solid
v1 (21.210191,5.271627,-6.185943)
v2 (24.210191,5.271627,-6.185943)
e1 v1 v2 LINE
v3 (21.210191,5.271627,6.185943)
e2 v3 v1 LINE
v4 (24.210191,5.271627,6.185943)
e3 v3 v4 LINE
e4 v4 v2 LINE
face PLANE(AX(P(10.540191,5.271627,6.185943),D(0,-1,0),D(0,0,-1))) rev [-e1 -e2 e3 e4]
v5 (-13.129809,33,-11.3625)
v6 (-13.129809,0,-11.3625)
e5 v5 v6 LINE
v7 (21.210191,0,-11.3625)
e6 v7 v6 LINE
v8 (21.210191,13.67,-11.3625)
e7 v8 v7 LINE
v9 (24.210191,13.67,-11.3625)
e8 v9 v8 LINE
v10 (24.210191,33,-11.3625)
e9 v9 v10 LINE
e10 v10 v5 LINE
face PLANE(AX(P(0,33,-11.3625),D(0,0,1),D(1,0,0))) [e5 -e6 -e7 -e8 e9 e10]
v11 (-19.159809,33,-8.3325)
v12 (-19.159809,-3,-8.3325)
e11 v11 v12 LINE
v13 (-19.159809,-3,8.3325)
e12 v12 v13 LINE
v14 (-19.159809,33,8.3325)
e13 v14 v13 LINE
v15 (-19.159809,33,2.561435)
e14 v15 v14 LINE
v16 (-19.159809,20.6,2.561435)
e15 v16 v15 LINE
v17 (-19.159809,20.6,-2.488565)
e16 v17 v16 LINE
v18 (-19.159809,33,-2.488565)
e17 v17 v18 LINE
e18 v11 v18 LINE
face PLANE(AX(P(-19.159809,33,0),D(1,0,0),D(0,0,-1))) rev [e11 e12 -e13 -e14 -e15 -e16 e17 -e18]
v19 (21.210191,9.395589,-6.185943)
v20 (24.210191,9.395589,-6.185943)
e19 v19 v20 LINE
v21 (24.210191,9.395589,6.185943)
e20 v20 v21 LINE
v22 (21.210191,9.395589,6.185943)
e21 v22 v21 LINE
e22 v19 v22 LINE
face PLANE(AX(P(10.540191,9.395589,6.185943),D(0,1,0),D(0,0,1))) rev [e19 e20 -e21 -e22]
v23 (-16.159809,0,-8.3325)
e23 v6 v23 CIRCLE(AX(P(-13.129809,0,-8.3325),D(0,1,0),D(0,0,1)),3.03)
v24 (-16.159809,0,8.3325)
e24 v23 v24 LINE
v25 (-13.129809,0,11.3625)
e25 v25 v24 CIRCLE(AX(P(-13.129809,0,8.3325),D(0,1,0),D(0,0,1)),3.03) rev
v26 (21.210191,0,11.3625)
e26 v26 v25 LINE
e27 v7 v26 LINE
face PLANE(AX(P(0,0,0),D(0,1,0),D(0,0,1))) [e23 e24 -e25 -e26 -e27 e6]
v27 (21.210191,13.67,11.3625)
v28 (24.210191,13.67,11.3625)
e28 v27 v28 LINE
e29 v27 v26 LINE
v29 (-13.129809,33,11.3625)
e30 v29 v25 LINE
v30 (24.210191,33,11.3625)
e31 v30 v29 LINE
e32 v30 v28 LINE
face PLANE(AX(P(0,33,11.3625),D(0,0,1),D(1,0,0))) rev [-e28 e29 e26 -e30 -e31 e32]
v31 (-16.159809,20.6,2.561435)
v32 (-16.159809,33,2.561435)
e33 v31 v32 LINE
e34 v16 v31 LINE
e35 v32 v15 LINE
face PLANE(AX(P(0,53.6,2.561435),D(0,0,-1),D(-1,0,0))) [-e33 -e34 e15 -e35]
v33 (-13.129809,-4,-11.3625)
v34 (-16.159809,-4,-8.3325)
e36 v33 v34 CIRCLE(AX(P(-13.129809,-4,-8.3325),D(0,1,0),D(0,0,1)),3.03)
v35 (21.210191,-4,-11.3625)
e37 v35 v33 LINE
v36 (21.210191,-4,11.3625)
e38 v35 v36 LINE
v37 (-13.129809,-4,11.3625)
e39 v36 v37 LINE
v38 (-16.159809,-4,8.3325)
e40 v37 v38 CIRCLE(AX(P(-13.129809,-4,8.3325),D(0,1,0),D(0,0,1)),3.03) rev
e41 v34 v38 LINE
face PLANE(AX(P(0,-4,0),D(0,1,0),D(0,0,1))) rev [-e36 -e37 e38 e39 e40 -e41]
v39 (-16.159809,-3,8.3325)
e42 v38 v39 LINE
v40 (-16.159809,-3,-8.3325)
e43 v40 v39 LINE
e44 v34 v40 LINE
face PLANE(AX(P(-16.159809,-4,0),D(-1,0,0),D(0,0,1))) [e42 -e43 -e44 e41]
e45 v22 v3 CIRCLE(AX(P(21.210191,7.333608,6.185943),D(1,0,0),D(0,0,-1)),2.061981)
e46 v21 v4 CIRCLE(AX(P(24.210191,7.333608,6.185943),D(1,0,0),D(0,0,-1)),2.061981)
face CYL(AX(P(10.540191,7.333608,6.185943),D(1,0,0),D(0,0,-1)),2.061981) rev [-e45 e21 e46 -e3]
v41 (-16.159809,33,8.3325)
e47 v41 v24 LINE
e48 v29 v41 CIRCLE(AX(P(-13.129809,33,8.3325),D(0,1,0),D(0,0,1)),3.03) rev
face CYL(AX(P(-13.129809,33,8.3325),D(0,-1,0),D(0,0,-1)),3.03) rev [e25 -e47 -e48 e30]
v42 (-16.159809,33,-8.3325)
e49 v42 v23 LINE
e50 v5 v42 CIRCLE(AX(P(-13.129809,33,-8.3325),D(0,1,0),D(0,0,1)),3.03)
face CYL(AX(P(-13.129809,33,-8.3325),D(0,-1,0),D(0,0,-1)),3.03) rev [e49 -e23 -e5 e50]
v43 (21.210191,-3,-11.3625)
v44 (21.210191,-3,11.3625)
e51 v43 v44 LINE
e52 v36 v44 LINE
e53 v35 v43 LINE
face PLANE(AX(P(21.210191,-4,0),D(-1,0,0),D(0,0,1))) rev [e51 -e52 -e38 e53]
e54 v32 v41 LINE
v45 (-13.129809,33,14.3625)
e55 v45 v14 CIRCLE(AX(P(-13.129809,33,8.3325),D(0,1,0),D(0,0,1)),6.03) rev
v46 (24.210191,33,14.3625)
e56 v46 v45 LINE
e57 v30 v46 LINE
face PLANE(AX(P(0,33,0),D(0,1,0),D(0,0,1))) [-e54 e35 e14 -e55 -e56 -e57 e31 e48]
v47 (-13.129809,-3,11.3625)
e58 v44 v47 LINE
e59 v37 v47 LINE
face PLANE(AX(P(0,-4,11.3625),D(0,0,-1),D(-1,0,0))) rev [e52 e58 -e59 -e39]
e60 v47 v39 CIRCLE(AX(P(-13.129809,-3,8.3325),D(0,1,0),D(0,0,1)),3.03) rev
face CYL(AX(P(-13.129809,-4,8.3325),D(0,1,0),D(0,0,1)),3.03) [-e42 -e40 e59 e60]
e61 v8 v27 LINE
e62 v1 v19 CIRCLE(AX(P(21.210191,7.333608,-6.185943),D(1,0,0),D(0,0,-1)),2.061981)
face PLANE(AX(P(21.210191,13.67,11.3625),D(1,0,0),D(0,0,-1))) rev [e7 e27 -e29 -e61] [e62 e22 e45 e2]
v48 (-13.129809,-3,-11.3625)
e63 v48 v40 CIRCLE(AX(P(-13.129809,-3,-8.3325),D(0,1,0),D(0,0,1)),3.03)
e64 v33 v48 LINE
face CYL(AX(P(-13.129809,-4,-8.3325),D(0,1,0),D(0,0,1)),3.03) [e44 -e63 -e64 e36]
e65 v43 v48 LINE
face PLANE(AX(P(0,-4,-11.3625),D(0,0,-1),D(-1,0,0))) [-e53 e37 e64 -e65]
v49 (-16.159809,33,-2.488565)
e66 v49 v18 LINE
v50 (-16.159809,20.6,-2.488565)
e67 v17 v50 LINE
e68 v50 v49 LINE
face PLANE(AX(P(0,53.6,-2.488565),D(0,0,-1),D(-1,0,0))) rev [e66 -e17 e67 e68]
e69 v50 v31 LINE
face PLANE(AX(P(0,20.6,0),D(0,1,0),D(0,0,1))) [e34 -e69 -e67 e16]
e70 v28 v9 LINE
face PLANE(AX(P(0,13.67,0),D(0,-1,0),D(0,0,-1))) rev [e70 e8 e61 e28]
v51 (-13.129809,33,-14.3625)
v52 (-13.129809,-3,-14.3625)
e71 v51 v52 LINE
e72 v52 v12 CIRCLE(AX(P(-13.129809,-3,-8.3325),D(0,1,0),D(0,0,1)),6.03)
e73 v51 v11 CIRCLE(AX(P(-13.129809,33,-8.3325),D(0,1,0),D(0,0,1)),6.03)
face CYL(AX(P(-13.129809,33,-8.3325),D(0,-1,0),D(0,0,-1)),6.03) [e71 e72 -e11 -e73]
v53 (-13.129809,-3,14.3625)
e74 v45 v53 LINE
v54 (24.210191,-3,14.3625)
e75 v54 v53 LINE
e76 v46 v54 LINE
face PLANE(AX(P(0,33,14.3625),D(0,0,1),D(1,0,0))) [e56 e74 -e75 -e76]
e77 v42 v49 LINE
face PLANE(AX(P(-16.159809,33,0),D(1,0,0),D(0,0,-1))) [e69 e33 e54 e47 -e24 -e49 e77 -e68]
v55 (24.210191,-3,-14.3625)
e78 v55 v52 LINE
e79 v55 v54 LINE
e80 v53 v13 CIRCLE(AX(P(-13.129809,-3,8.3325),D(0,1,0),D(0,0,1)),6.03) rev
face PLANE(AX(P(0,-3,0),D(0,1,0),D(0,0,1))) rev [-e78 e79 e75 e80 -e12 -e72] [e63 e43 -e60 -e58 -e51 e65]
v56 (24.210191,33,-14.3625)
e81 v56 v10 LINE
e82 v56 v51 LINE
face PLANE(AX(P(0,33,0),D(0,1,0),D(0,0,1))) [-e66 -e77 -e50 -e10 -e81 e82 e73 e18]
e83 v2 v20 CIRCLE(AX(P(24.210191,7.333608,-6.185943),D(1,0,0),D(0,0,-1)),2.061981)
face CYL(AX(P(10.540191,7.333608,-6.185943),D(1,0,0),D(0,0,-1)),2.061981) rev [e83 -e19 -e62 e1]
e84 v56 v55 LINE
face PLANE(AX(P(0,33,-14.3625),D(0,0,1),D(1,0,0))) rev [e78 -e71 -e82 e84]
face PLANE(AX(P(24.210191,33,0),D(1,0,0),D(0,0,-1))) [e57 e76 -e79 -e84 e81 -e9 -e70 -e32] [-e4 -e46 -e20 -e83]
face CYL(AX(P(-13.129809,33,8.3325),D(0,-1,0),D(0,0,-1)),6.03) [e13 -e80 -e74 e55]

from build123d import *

# Parameters (mm, degrees)
BOSS_EXTRUDE1_DEPTH = 33
SHELL2_T            = 3
SKETCH5_W           = 22.725
SKETCH5_H           = 33
CUT_EXTRUDE1_DEPTH  = 33
CUT_EXTRUDE3_START  = 20.6
SKETCH2_4_W         = 5.050381124
SKETCH2_4_H         = 5.05
CUT_EXTRUDE3_DEPTH  = 33
BOSS_EXTRUDE2_START = -4
BOSS_EXTRUDE2_DEPTH = 4
SKETCH6_W           = 3
SKETCH6_H           = 22.725
BOSS_EXTRUDE3_DEPTH = 13.67
CUT_EXTRUDE5_DEPTH  = 13.67


with BuildPart() as part:
    # Sketch2 → Boss-Extrude1 (new body)
    with BuildSketch(Plane(origin=(0, 0, 0), x_dir=(1, 0, 0), z_dir=(0, 1, 0))):
        with BuildLine():
            Line((-16.159809438, 2.488564903), (-16.159809438, -2.561435097))
            Line((-16.159809438, -2.561435097), (-16.159809438, -8.3325))
            ThreePointArc((-16.159809438, -8.3325), (-15.272342985, -10.475033547), (-13.129809438, -11.3625))
            Line((-13.129809438, -11.3625), (21.210190562, -11.3625))
            Line((21.210190562, -11.3625), (21.210190562, 11.3625))
            Line((21.210190562, 11.3625), (-13.129809438, 11.3625))
            ThreePointArc((-13.129809438, 11.3625), (-15.272342985, 10.475033547), (-16.159809438, 8.3325))
            Line((-16.159809438, 8.3325), (-16.159809438, 2.488564903))
        make_face()
    extrude(amount=BOSS_EXTRUDE1_DEPTH)

    # Shell2
    shell2_openings = [part.faces().sort_by_distance(p)[0] for p in [
        (2.609138826, 33, 0),
    ]]
    offset(amount=SHELL2_T, openings=shell2_openings, kind=Kind.INTERSECTION)

    # Sketch5 → Cut-Extrude1 (cut)
    with BuildSketch(Plane.ZY.offset(-21.210190562)):
        with Locations((0, 16.5)):
            Rectangle(SKETCH5_W, SKETCH5_H)
    extrude(amount=-CUT_EXTRUDE1_DEPTH, mode=Mode.SUBTRACT)

    # Sketch2<4> → Cut-Extrude3 (cut)
    with BuildSketch(Plane(origin=(0, 0, 0), x_dir=(1, 0, 0), z_dir=(0, 1, 0)).offset(CUT_EXTRUDE3_START)):
        with Locations((-18.685, -0.036435097)):
            Rectangle(SKETCH2_4_W, SKETCH2_4_H)
    extrude(amount=CUT_EXTRUDE3_DEPTH, mode=Mode.SUBTRACT)

    # Sketch2<6> → Boss-Extrude2 (add)
    with BuildSketch(Plane(origin=(0, 0, 0), x_dir=(1, 0, 0), z_dir=(0, 1, 0)).offset(BOSS_EXTRUDE2_START)):
        with BuildLine():
            Line((-16.159809438, 2.488564903), (-16.159809438, -2.561435097))
            Line((-16.159809438, -2.561435097), (-16.159809438, -8.3325))
            ThreePointArc((-16.159809438, -8.3325), (-15.272342985, -10.475033547), (-13.129809438, -11.3625))
            Line((-13.129809438, -11.3625), (21.210190562, -11.3625))
            Line((21.210190562, -11.3625), (21.210190562, 11.3625))
            Line((21.210190562, 11.3625), (-13.129809438, 11.3625))
            ThreePointArc((-13.129809438, 11.3625), (-15.272342985, 10.475033547), (-16.159809438, 8.3325))
            Line((-16.159809438, 8.3325), (-16.159809438, 2.488564903))
        make_face()
    extrude(amount=BOSS_EXTRUDE2_DEPTH)

    # Sketch6 → Boss-Extrude3 (add)
    with BuildSketch(Plane(origin=(0, 0, 0), x_dir=(1, 0, 0), z_dir=(0, 1, 0))):
        with Locations((22.710190562, 0)):
            Rectangle(SKETCH6_W, SKETCH6_H)
    extrude(amount=BOSS_EXTRUDE3_DEPTH)

    # Sketch7 → Cut-Extrude5 (cut)
    with BuildSketch(Plane(origin=(24.210190562, 0, 0), x_dir=(0, 0, -1), z_dir=(1, 0, 0))):
        with BuildLine():
            Line((-6.185942712, 9.395589147), (6.185942712, 9.395589147))
            ThreePointArc((6.185942712, 9.395589147), (8.247923616, 7.333608243), (6.185942712, 5.271627338))
            Line((6.185942712, 5.271627338), (-6.185942712, 5.271627338))
            ThreePointArc((-6.185942712, 5.271627338), (-8.247923616, 7.333608243), (-6.185942712, 9.395589147))
        make_face()
    extrude(amount=-CUT_EXTRUDE5_DEPTH, mode=Mode.SUBTRACT)


solid = part.part
